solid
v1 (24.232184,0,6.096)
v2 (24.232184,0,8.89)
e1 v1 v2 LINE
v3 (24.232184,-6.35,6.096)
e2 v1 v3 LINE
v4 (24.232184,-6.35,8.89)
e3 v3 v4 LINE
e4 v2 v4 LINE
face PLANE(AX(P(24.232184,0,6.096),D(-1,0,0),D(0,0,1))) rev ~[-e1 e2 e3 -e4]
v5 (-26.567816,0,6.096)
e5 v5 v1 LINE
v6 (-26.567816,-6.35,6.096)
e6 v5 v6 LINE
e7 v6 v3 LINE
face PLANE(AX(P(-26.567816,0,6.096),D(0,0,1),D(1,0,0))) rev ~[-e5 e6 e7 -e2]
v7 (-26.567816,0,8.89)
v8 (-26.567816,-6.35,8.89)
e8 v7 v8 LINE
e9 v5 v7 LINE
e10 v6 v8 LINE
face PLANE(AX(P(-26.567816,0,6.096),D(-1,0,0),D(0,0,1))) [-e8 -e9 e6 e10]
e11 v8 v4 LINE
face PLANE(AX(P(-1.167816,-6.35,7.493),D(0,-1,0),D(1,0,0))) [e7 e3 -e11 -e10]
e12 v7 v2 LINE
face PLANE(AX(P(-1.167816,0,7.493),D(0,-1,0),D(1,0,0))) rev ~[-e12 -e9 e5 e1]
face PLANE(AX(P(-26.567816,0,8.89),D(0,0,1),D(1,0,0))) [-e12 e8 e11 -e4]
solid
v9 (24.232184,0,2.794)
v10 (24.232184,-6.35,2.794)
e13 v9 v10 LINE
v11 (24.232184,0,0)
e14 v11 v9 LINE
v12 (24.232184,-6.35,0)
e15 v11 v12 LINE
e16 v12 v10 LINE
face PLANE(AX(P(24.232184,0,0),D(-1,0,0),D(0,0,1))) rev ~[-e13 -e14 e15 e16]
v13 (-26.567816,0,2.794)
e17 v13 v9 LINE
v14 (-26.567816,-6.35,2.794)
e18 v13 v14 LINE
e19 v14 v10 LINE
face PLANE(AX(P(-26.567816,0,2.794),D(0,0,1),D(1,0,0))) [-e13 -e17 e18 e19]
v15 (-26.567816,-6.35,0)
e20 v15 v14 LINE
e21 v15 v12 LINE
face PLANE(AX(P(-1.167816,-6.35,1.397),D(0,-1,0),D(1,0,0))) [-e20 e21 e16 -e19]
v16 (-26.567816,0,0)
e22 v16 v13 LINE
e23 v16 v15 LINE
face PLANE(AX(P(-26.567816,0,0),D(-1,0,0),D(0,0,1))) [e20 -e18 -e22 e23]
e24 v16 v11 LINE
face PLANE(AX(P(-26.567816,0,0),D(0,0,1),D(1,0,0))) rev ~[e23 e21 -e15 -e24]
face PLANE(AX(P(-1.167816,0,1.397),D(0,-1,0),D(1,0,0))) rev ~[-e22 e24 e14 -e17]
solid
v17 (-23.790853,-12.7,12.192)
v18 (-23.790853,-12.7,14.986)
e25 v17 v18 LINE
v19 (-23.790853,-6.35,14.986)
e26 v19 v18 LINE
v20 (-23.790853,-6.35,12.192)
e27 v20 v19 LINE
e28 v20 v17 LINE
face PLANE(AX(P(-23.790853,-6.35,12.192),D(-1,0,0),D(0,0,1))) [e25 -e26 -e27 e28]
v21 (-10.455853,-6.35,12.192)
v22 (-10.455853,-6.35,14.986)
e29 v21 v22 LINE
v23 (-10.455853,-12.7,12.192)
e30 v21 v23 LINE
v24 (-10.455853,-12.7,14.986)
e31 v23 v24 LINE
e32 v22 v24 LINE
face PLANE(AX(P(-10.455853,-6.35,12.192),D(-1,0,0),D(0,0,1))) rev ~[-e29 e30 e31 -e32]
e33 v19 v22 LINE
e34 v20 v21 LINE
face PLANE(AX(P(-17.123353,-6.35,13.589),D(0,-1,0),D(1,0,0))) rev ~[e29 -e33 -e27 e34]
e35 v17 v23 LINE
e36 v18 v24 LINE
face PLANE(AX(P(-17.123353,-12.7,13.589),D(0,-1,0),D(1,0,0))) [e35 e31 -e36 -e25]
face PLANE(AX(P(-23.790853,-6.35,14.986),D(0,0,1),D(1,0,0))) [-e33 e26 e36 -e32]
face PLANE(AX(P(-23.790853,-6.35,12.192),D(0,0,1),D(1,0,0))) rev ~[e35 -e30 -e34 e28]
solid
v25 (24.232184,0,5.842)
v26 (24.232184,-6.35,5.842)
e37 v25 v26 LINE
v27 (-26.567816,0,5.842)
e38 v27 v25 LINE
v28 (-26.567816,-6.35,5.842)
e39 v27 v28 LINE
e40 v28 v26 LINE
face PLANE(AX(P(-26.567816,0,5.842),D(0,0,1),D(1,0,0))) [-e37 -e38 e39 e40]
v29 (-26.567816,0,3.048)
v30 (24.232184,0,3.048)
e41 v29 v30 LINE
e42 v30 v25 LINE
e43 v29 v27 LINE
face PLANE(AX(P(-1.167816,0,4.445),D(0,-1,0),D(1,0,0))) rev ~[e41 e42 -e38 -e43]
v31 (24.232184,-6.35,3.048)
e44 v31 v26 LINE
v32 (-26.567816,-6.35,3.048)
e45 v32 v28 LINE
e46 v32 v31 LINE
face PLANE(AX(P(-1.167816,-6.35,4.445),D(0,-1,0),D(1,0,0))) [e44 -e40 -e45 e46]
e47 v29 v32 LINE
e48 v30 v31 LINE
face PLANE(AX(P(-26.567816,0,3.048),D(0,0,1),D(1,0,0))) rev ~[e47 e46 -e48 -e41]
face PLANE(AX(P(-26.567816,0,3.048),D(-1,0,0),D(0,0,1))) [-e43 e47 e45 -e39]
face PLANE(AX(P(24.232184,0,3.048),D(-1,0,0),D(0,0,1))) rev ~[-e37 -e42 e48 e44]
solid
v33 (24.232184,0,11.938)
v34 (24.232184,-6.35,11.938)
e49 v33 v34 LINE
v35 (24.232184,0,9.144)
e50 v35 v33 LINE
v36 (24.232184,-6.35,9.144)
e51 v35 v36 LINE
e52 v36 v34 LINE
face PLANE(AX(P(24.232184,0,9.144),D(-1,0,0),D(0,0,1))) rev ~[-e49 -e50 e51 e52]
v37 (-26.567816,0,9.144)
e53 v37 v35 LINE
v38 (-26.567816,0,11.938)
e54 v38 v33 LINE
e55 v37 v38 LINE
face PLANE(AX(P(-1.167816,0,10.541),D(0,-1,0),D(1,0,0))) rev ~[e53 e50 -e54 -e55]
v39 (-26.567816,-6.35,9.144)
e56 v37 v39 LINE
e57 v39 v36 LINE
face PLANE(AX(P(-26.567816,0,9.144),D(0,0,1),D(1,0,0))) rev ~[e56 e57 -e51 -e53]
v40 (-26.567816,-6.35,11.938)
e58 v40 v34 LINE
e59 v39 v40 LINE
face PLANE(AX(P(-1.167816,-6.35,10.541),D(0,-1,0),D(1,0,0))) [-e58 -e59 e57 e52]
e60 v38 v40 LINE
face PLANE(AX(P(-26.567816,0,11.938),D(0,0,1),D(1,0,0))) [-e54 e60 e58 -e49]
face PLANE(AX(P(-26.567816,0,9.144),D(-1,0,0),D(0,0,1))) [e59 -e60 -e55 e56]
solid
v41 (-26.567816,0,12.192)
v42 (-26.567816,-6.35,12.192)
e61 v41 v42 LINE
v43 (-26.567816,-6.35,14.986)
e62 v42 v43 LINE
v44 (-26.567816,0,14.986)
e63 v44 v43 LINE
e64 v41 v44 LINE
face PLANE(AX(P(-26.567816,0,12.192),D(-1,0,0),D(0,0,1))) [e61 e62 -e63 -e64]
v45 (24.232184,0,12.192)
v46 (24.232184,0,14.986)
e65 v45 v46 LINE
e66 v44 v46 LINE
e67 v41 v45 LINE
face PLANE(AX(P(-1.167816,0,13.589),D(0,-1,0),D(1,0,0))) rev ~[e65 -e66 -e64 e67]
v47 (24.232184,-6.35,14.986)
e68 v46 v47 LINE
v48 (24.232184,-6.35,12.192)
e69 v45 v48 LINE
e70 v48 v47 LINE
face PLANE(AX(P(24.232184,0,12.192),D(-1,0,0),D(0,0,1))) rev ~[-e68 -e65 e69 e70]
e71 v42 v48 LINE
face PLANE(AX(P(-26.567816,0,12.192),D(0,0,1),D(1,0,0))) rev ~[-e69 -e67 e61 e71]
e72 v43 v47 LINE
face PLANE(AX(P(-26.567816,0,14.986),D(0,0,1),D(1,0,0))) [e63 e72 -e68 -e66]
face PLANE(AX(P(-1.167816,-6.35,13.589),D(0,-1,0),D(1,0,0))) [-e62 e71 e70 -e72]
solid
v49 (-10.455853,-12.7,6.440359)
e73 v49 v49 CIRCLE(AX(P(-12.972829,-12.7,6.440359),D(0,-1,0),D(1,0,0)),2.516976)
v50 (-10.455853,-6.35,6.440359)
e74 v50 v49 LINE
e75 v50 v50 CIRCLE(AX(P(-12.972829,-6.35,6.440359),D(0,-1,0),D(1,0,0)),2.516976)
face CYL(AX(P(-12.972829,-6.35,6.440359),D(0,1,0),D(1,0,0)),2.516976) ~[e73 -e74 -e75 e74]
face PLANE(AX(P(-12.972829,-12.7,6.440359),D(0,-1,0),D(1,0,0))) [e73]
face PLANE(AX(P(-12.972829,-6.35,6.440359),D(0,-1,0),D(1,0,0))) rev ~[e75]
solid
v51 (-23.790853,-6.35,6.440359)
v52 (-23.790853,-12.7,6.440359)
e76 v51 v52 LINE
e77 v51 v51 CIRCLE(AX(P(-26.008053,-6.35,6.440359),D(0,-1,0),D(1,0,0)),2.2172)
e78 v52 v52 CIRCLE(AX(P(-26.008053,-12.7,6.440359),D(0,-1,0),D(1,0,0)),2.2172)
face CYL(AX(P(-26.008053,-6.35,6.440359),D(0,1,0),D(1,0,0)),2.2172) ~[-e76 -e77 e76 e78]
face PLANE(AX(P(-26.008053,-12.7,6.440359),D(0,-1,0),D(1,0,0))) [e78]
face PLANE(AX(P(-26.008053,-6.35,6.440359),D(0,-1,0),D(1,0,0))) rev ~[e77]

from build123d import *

# Parameters (mm, degrees)
F0_W     = 50.8
F0_H     = 2.794
F1_DEPTH = 6.35
F2_R     = 2.516976
F2_R_2   = 2.2172
F2_W     = 13.335
F2_H     = 2.794
F3_DEPTH = 6.35


with BuildPart() as f1:
    # F0 (on Front) → F1 (new body)
    with BuildSketch(Plane.XZ):
        with Locations((-1.167816, 13.589)):
            Rectangle(F0_W, F0_H)
        with Locations((-1.167816, 10.541)):
            Rectangle(F0_W, F0_H)
        with Locations((-1.167816, 7.493)):
            Rectangle(F0_W, F0_H)
        with Locations((-1.167816, 4.445)):
            Rectangle(F0_W, F0_H)
        with Locations((-1.167816, 1.397)):
            Rectangle(F0_W, F0_H)
    extrude(amount=F1_DEPTH)


with BuildPart() as f3:
    # F2 (on face) → F3 (new body)
    with BuildSketch(Plane.XZ.offset(6.35)):
        with Locations((-12.972829, 6.440359)):
            Circle(F2_R)
        with Locations((-26.008053, 6.440359)):
            Circle(F2_R_2)
        with Locations((-17.123353, 13.589)):
            Rectangle(F2_W, F2_H)
    extrude(amount=F3_DEPTH)


solid = Compound([f1.part, f3.part])
